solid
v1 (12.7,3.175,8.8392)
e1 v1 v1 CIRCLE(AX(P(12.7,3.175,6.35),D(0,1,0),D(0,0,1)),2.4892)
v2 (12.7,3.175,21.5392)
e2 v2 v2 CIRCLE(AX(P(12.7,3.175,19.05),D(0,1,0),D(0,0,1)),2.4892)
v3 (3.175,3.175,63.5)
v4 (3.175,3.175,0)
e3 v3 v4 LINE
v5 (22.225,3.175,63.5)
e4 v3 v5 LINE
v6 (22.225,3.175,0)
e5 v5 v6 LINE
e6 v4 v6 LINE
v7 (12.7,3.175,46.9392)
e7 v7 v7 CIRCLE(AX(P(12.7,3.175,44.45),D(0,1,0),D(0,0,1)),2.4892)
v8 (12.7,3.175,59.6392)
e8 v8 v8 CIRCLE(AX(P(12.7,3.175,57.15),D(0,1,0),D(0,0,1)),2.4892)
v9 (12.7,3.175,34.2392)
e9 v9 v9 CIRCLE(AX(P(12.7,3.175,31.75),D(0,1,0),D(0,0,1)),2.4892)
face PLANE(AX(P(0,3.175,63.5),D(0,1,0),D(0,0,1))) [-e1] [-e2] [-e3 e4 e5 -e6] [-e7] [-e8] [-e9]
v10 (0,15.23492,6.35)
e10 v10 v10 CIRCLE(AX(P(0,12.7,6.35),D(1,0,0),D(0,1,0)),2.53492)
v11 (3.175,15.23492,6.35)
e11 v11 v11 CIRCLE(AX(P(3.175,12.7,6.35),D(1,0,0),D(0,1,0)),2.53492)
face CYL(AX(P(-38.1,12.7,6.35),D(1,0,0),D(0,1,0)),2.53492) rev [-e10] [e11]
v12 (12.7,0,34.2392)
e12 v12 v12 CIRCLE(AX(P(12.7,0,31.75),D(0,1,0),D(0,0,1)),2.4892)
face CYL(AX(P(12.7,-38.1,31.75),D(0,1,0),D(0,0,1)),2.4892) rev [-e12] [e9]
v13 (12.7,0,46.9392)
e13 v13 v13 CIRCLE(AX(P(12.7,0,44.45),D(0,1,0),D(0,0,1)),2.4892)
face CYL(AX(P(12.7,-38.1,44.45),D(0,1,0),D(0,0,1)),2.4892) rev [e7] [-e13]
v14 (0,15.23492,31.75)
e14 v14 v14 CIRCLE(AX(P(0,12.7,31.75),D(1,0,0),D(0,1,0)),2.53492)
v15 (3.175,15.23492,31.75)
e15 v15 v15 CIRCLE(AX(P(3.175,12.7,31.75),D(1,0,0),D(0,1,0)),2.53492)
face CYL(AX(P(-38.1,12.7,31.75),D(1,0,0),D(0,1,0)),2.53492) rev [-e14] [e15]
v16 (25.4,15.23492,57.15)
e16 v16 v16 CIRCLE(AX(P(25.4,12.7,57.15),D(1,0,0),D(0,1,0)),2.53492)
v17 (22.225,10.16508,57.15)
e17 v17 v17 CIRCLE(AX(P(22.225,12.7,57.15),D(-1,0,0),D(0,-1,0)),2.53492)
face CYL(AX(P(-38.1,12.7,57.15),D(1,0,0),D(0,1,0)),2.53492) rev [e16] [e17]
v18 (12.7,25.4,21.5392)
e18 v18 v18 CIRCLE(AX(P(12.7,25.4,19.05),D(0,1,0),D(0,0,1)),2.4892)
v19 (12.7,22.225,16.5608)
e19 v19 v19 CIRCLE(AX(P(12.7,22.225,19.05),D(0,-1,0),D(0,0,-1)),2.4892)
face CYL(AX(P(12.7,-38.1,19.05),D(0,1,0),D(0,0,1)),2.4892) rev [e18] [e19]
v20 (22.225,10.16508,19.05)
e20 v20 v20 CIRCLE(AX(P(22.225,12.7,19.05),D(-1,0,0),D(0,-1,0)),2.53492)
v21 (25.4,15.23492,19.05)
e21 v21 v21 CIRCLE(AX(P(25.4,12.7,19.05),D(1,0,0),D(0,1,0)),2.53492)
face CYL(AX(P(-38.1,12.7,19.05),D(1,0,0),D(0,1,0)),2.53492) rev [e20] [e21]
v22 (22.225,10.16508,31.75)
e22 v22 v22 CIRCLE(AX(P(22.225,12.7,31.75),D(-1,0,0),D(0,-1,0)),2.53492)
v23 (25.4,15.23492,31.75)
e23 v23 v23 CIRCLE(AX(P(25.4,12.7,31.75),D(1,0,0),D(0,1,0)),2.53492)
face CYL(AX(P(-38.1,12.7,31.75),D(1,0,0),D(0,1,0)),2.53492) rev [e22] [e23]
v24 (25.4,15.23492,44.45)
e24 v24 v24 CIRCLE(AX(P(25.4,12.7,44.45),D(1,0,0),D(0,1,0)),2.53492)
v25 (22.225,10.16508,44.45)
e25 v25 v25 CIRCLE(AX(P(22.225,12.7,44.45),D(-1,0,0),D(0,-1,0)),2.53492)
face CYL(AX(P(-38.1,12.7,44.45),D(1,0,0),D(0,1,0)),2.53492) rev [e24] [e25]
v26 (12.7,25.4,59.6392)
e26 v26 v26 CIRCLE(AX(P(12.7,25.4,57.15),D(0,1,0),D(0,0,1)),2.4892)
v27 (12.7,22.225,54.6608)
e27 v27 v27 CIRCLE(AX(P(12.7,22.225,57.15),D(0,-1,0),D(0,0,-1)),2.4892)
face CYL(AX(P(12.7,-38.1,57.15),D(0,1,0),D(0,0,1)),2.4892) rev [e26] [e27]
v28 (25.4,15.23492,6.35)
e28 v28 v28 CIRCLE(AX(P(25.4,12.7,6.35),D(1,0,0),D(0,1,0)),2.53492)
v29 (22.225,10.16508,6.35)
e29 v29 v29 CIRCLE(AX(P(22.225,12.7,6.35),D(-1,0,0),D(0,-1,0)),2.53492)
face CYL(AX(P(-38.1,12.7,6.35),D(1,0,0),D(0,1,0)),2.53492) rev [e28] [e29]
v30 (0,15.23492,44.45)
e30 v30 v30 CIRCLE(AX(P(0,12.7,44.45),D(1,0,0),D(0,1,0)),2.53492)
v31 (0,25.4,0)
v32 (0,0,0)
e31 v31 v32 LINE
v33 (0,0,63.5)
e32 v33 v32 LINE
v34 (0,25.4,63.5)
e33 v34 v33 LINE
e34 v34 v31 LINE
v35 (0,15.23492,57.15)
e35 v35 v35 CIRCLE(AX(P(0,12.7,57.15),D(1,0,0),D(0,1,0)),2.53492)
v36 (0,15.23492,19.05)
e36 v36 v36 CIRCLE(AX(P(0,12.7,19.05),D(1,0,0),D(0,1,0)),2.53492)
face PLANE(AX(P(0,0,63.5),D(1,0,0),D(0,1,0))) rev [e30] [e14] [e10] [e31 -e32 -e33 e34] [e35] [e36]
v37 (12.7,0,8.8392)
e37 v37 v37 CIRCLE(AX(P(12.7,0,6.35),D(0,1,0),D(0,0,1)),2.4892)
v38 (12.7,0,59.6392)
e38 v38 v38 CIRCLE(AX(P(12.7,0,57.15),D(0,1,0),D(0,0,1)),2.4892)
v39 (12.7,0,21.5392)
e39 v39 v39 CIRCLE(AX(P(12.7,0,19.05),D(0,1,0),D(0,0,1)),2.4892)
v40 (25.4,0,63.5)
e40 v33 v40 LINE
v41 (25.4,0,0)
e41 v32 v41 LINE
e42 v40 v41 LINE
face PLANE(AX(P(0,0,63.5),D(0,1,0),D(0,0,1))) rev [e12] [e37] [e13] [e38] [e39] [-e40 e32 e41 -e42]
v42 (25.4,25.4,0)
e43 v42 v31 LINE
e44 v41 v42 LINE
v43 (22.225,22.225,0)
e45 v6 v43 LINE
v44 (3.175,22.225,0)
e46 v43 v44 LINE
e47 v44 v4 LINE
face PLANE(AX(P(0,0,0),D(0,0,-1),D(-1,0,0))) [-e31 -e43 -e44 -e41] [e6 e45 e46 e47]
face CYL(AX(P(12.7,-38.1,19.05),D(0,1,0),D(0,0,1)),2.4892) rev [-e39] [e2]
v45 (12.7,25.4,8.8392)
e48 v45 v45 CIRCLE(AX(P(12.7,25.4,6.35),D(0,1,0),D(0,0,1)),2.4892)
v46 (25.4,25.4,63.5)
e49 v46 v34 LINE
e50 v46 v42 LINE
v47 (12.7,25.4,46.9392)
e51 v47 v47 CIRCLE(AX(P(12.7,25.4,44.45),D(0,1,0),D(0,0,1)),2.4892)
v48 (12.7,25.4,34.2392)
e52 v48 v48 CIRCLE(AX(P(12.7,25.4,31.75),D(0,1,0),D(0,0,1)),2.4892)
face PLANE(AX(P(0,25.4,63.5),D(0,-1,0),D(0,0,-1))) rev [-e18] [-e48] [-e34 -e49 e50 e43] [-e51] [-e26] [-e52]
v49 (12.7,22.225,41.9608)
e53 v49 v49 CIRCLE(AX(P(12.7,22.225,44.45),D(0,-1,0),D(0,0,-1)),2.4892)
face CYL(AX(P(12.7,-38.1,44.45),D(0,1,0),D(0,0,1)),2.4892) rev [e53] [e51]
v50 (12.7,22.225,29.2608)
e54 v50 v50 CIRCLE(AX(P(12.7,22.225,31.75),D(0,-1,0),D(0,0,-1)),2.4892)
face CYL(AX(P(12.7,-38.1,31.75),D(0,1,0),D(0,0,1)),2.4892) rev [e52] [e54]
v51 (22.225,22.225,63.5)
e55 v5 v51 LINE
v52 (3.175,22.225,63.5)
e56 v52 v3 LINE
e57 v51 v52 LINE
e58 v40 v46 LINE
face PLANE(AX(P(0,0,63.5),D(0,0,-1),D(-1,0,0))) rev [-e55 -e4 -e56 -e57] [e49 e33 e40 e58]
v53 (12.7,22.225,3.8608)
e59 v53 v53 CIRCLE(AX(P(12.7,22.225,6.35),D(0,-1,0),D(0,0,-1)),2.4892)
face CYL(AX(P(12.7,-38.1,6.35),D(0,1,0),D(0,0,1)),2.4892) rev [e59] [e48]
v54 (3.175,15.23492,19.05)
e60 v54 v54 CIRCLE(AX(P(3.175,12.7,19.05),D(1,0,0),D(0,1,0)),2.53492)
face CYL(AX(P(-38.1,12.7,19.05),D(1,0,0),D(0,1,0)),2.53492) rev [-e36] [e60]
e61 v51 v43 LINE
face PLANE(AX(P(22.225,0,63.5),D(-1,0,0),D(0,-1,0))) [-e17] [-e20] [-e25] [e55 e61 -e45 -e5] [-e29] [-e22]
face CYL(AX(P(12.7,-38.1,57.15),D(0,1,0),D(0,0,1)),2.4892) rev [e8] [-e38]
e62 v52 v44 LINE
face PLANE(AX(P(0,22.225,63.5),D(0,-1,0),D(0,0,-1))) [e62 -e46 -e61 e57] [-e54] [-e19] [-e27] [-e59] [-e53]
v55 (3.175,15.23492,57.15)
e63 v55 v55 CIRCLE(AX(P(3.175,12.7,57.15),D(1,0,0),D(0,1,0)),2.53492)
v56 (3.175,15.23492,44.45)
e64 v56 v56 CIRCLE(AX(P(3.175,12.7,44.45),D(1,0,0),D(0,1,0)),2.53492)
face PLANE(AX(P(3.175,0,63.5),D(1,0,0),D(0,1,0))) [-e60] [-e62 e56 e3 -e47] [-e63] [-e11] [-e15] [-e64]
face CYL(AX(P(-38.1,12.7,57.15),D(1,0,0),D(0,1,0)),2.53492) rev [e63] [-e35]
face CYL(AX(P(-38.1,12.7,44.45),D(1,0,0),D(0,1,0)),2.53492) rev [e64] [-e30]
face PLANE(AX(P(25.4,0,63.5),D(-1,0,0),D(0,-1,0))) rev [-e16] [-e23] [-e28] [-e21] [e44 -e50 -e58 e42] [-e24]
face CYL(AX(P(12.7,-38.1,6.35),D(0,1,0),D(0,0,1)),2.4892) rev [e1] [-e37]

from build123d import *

# Parameters (mm, degrees)
SKETCH1_W           = 25.4
SKETCH1_H           = 25.4
BOSS_EXTRUDE1_DEPTH = 63.5
SHELL1_T            = -3.175
SKETCH2_R           = 2.4892
CUT_EXTRUDE1_DEPTH  = 63.5
SKETCH3_R           = 2.53492
CUT_EXTRUDE2_DEPTH  = 63.5


with BuildPart() as part:
    # Sketch1 → Boss-Extrude1 (new body)
    with BuildSketch(Plane.XY):
        with Locations((12.7, 12.7)):
            Rectangle(SKETCH1_W, SKETCH1_H)
    extrude(amount=BOSS_EXTRUDE1_DEPTH)

    # Shell1
    shell1_openings = [part.faces().sort_by_distance(p)[0] for p in [
        (12.7, 12.7, 63.5),
        (12.7, 12.7, 0),
    ]]
    offset(amount=SHELL1_T, openings=shell1_openings, kind=Kind.INTERSECTION)

    # Sketch2 → Cut-Extrude1 (cut)
    with BuildSketch(Plane(origin=(0, 25.4, 0), x_dir=(1, 0, 0), z_dir=(0, 1, 0))):
        with Locations(Location((12.7, -6.35, 0), (0, 0, 270))):
            Circle(SKETCH2_R)
        with Locations(Location((12.7, -19.05, 0), (0, 0, 270))):
            Circle(SKETCH2_R)
        with Locations(Location((12.7, -31.75, 0), (0, 0, 270))):
            Circle(SKETCH2_R)
        with Locations(Location((12.7, -44.45, 0), (0, 0, 270))):
            Circle(SKETCH2_R)
        with Locations(Location((12.7, -57.15, 0), (0, 0, 270))):
            Circle(SKETCH2_R)
    extrude(amount=-CUT_EXTRUDE1_DEPTH, mode=Mode.SUBTRACT)

    # Sketch3 → Cut-Extrude2 (cut)
    with BuildSketch(Plane(origin=(25.4, 0, 0), x_dir=(0, 0, -1), z_dir=(1, 0, 0))):
        with Locations(Location((-57.15, 12.7, 0), (0, 0, 90))):
            Circle(SKETCH3_R)
        with Locations(Location((-44.45, 12.7, 0), (0, 0, 90))):
            Circle(SKETCH3_R)
        with Locations(Location((-31.75, 12.7, 0), (0, 0, 90))):
            Circle(SKETCH3_R)
        with Locations(Location((-19.05, 12.7, 0), (0, 0, 90))):
            Circle(SKETCH3_R)
        with Locations(Location((-6.35, 12.7, 0), (0, 0, 90))):
            Circle(SKETCH3_R)
    extrude(amount=-CUT_EXTRUDE2_DEPTH, mode=Mode.SUBTRACT)


solid = part.part
